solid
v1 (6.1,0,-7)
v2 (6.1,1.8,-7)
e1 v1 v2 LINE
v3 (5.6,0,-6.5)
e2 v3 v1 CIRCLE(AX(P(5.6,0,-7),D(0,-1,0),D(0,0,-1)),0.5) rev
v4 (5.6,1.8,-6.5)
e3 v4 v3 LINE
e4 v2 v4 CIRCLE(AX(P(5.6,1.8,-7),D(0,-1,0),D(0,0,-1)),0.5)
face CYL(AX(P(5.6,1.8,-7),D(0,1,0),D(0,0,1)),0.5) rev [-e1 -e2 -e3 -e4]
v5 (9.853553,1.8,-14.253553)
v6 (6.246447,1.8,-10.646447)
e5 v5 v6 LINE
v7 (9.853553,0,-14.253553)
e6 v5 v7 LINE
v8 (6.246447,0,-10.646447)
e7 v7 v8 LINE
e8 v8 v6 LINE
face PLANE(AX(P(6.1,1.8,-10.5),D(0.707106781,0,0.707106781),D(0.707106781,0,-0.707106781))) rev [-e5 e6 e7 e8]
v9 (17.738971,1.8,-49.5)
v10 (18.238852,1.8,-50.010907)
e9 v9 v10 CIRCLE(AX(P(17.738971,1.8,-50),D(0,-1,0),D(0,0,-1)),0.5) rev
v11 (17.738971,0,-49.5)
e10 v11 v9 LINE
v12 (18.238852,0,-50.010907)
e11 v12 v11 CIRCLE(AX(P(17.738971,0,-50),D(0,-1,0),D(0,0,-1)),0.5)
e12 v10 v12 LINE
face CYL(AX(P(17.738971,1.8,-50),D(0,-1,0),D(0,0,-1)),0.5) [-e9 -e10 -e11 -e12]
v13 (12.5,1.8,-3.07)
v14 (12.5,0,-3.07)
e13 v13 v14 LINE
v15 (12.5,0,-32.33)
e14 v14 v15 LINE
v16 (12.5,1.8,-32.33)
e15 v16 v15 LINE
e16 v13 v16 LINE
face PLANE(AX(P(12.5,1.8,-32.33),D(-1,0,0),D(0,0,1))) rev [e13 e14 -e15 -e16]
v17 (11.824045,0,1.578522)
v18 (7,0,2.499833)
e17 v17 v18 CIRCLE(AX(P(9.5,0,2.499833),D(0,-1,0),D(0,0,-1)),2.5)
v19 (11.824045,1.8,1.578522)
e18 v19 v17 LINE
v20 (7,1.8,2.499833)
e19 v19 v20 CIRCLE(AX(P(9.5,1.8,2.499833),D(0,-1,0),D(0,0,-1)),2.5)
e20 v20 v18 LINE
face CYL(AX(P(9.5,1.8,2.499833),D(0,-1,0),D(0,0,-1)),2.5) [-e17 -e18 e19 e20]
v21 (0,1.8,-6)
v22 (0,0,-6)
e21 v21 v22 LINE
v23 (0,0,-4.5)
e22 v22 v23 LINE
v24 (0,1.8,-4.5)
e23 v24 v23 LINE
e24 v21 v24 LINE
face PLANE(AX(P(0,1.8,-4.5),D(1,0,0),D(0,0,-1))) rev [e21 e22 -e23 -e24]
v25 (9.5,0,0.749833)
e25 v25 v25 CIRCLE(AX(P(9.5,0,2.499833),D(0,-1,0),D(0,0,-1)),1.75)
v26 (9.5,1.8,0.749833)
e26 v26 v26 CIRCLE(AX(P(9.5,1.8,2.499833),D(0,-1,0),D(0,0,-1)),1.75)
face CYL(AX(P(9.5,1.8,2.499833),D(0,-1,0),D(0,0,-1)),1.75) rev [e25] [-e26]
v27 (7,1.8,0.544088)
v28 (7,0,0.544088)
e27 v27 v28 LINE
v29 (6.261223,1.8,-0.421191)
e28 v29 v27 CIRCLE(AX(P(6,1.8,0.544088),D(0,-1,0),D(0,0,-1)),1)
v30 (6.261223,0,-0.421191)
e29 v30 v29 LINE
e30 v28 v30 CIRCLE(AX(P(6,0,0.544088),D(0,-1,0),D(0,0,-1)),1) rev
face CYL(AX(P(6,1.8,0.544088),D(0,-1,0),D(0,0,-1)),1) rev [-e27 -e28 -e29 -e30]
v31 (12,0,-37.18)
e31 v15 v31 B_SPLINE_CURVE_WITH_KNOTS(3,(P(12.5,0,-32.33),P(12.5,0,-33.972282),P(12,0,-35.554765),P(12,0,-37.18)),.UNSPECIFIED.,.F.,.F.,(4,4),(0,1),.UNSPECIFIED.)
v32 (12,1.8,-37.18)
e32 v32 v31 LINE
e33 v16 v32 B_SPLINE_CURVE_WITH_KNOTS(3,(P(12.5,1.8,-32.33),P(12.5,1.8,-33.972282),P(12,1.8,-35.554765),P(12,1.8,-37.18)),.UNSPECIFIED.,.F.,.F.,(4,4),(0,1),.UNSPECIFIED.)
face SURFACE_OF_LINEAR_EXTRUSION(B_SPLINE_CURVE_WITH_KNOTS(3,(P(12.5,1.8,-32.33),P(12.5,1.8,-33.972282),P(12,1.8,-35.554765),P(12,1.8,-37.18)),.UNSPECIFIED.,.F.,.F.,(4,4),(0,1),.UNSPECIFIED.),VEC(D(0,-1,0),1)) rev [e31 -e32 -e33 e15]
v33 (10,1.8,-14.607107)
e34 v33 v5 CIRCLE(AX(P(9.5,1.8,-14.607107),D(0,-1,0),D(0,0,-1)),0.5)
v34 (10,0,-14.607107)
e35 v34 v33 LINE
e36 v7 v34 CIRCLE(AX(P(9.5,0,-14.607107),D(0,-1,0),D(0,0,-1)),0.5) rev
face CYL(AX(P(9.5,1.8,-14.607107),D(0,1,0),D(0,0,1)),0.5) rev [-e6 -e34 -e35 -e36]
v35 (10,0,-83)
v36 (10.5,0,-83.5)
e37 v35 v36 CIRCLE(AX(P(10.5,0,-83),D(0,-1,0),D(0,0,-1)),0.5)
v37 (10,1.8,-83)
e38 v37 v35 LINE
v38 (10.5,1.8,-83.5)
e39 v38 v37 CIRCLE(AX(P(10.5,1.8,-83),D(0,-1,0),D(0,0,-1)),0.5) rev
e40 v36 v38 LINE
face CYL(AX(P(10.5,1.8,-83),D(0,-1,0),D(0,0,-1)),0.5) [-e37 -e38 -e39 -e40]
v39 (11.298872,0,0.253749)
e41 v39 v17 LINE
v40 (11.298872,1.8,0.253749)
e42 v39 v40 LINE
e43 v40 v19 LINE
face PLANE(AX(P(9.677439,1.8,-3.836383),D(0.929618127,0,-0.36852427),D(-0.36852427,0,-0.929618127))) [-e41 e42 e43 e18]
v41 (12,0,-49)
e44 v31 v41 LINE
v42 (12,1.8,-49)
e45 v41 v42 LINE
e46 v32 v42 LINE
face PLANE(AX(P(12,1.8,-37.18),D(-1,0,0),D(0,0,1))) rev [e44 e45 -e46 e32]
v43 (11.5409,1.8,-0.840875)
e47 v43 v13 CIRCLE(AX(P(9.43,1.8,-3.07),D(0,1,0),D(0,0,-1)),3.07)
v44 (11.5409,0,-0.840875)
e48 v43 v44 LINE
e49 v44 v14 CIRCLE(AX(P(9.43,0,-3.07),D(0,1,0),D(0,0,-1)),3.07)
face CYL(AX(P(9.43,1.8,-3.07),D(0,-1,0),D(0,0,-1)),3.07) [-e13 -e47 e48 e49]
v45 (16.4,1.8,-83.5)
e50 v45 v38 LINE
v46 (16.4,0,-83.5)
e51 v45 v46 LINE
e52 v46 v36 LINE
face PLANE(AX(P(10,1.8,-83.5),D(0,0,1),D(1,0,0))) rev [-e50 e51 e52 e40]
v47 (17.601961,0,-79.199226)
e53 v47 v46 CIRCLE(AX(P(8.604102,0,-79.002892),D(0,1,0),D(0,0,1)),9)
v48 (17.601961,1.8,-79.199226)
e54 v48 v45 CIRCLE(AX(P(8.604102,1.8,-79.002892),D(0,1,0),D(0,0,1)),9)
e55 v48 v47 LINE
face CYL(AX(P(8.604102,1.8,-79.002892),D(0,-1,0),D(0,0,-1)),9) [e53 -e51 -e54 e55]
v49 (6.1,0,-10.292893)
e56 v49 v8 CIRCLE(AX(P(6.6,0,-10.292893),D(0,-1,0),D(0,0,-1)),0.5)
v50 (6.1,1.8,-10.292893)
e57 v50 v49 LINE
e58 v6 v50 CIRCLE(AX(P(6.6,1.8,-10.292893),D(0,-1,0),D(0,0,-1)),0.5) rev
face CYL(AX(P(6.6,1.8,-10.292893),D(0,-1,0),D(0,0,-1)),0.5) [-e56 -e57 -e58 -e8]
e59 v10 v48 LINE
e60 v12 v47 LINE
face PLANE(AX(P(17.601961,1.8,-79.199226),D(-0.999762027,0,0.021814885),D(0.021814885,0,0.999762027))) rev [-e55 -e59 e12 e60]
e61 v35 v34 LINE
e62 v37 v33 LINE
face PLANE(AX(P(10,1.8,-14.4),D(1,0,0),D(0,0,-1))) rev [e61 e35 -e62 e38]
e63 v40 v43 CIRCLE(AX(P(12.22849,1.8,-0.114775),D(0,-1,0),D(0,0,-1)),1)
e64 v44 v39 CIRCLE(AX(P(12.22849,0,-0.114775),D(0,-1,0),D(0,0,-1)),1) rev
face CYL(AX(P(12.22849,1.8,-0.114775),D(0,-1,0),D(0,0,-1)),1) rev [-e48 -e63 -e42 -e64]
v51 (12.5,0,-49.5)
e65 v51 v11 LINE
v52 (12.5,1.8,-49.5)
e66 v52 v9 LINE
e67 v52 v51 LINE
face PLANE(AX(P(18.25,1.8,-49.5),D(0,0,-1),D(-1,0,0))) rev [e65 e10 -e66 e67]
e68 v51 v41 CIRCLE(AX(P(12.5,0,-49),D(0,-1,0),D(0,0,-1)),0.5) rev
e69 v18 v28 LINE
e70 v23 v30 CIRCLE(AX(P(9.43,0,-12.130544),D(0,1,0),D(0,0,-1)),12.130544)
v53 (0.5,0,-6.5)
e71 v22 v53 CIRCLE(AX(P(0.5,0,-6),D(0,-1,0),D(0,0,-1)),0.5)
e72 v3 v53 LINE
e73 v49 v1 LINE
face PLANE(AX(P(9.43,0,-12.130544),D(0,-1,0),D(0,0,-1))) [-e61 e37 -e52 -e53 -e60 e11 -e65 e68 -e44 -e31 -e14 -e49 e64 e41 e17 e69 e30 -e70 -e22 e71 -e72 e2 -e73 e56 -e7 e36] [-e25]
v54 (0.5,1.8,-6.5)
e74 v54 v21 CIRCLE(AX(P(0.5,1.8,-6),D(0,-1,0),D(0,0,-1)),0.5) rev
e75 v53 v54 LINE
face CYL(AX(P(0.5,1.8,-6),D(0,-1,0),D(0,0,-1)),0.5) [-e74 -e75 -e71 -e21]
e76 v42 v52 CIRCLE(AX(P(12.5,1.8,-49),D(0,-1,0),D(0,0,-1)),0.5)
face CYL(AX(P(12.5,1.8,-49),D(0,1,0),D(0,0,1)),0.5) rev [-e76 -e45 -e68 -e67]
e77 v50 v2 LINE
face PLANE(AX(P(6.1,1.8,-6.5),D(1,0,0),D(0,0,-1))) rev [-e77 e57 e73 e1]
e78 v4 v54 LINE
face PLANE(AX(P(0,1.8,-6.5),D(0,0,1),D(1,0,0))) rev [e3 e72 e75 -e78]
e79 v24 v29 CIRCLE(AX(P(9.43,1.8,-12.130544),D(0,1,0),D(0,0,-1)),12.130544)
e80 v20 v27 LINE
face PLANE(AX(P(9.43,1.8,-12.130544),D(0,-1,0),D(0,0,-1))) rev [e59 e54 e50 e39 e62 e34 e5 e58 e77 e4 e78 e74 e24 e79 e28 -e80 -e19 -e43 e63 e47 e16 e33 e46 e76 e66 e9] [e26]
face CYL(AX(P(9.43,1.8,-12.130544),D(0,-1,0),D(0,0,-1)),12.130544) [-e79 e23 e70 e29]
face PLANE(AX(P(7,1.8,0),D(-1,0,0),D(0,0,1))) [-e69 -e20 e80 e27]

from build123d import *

# Parameters (mm, degrees)
BOSS_EXTRUDE1_DEPTH = 1.8
FILLET2_R           = 0.5
SKETCH3_R           = 2.5
SKETCH3_R_2         = 1.75
BOSS_EXTRUDE2_DEPTH = 1.8
FILLET3_R           = 1


with BuildPart() as part:
    # Sketch1 → Boss-Extrude1 (new body)
    with BuildSketch(Plane(origin=(0, 0, 0), x_dir=(1, 0, 0), z_dir=(0, 1, 0))):
        with BuildLine():
            Line((0, 4.5), (0, 6.5))
            Line((0, 6.5), (6.1, 6.5))
            Line((6.1, 6.5), (6.1, 10.5))
            Line((6.1, 10.5), (10, 14.4))
            Line((10, 14.4), (10, 83.5))
            Line((10, 83.5), (16.4, 83.5))
            ThreePointArc((16.4, 83.5), (17.2719581, 81.425344658), (17.601960582, 79.199226044))
            Line((17.601960582, 79.199226044), (18.25, 49.5))
            Line((18.25, 49.5), (12, 49.5))
            Line((12, 49.5), (12, 37.18))
            add(Edge.make_bspline(
                [(12.5, 32.33), (12.5, 33.972282338), (12, 35.554764974), (12, 37.18)],
                knots=[0, 0, 0, 0, 1, 1, 1, 1], degree=3))
            Line((12.5, 32.33), (12.5, 3.07))
            ThreePointArc((12.5, 3.07), (11.600817818, 0.899182182), (9.43, 0))
            ThreePointArc((9.43, 0), (4.205660329, 1.182650422), (0, 4.5))
        make_face()
    extrude(amount=BOSS_EXTRUDE1_DEPTH)

    # Fillet2
    fillet2_edges = [part.edges().sort_by_distance(p)[0] for p in [
        (0, 0.9, -6.5),
        (6.1, 0.9, -6.5),
        (6.1, 0.9, -10.5),
        (10, 0.9, -14.4),
        (10, 0.9, -83.5),
        (18.25, 0.9, -49.5),
        (12, 0.9, -49.5),
    ]]
    fillet(fillet2_edges, radius=FILLET2_R)

    # Sketch3 → Boss-Extrude2 (add)
    with BuildSketch(Plane.XZ):
        with Locations((9.5, 2.499832541)):
            Circle(SKETCH3_R)
        with Locations((9.5, 2.499832541)):
            Circle(SKETCH3_R_2, mode=Mode.SUBTRACT)
        with BuildLine():
            ThreePointArc((11.824045318, 1.578521867), (9.031018815, 0.044215175), (7, 2.499832541))
            Line((7, 2.499832541), (7, -0.245881701))
            ThreePointArc((7, -0.245881701), (8.2087959, -0.061626967), (9.43, 0))
            ThreePointArc((9.43, 0), (10.256451345, -0.113333266), (11.021883517, -0.444965358))
            Line((11.021883517, -0.444965358), (11.824045318, 1.578521867))
        make_face()
        with BuildLine():
            ThreePointArc((9.43, 0), (8.2087959, -0.061626967), (7, -0.245881701))
            Line((7, -0.245881701), (7, -0.500167459))
            Line((7, -0.500167459), (11, -0.500167459))
            Line((11, -0.500167459), (11.021883517, -0.444965358))
            ThreePointArc((11.021883517, -0.444965358), (10.256451345, -0.113333266), (9.43, 0))
        make_face()
    extrude(amount=-BOSS_EXTRUDE2_DEPTH)

    # Fillet3
    fillet3_edges = [part.edges().sort_by_distance(p)[0] for p in [
        (7, 0.9, -0.245881701),
        (11.021883517, 0.9, -0.444965358),
    ]]
    fillet(fillet3_edges, radius=FILLET3_R)


solid = part.part
